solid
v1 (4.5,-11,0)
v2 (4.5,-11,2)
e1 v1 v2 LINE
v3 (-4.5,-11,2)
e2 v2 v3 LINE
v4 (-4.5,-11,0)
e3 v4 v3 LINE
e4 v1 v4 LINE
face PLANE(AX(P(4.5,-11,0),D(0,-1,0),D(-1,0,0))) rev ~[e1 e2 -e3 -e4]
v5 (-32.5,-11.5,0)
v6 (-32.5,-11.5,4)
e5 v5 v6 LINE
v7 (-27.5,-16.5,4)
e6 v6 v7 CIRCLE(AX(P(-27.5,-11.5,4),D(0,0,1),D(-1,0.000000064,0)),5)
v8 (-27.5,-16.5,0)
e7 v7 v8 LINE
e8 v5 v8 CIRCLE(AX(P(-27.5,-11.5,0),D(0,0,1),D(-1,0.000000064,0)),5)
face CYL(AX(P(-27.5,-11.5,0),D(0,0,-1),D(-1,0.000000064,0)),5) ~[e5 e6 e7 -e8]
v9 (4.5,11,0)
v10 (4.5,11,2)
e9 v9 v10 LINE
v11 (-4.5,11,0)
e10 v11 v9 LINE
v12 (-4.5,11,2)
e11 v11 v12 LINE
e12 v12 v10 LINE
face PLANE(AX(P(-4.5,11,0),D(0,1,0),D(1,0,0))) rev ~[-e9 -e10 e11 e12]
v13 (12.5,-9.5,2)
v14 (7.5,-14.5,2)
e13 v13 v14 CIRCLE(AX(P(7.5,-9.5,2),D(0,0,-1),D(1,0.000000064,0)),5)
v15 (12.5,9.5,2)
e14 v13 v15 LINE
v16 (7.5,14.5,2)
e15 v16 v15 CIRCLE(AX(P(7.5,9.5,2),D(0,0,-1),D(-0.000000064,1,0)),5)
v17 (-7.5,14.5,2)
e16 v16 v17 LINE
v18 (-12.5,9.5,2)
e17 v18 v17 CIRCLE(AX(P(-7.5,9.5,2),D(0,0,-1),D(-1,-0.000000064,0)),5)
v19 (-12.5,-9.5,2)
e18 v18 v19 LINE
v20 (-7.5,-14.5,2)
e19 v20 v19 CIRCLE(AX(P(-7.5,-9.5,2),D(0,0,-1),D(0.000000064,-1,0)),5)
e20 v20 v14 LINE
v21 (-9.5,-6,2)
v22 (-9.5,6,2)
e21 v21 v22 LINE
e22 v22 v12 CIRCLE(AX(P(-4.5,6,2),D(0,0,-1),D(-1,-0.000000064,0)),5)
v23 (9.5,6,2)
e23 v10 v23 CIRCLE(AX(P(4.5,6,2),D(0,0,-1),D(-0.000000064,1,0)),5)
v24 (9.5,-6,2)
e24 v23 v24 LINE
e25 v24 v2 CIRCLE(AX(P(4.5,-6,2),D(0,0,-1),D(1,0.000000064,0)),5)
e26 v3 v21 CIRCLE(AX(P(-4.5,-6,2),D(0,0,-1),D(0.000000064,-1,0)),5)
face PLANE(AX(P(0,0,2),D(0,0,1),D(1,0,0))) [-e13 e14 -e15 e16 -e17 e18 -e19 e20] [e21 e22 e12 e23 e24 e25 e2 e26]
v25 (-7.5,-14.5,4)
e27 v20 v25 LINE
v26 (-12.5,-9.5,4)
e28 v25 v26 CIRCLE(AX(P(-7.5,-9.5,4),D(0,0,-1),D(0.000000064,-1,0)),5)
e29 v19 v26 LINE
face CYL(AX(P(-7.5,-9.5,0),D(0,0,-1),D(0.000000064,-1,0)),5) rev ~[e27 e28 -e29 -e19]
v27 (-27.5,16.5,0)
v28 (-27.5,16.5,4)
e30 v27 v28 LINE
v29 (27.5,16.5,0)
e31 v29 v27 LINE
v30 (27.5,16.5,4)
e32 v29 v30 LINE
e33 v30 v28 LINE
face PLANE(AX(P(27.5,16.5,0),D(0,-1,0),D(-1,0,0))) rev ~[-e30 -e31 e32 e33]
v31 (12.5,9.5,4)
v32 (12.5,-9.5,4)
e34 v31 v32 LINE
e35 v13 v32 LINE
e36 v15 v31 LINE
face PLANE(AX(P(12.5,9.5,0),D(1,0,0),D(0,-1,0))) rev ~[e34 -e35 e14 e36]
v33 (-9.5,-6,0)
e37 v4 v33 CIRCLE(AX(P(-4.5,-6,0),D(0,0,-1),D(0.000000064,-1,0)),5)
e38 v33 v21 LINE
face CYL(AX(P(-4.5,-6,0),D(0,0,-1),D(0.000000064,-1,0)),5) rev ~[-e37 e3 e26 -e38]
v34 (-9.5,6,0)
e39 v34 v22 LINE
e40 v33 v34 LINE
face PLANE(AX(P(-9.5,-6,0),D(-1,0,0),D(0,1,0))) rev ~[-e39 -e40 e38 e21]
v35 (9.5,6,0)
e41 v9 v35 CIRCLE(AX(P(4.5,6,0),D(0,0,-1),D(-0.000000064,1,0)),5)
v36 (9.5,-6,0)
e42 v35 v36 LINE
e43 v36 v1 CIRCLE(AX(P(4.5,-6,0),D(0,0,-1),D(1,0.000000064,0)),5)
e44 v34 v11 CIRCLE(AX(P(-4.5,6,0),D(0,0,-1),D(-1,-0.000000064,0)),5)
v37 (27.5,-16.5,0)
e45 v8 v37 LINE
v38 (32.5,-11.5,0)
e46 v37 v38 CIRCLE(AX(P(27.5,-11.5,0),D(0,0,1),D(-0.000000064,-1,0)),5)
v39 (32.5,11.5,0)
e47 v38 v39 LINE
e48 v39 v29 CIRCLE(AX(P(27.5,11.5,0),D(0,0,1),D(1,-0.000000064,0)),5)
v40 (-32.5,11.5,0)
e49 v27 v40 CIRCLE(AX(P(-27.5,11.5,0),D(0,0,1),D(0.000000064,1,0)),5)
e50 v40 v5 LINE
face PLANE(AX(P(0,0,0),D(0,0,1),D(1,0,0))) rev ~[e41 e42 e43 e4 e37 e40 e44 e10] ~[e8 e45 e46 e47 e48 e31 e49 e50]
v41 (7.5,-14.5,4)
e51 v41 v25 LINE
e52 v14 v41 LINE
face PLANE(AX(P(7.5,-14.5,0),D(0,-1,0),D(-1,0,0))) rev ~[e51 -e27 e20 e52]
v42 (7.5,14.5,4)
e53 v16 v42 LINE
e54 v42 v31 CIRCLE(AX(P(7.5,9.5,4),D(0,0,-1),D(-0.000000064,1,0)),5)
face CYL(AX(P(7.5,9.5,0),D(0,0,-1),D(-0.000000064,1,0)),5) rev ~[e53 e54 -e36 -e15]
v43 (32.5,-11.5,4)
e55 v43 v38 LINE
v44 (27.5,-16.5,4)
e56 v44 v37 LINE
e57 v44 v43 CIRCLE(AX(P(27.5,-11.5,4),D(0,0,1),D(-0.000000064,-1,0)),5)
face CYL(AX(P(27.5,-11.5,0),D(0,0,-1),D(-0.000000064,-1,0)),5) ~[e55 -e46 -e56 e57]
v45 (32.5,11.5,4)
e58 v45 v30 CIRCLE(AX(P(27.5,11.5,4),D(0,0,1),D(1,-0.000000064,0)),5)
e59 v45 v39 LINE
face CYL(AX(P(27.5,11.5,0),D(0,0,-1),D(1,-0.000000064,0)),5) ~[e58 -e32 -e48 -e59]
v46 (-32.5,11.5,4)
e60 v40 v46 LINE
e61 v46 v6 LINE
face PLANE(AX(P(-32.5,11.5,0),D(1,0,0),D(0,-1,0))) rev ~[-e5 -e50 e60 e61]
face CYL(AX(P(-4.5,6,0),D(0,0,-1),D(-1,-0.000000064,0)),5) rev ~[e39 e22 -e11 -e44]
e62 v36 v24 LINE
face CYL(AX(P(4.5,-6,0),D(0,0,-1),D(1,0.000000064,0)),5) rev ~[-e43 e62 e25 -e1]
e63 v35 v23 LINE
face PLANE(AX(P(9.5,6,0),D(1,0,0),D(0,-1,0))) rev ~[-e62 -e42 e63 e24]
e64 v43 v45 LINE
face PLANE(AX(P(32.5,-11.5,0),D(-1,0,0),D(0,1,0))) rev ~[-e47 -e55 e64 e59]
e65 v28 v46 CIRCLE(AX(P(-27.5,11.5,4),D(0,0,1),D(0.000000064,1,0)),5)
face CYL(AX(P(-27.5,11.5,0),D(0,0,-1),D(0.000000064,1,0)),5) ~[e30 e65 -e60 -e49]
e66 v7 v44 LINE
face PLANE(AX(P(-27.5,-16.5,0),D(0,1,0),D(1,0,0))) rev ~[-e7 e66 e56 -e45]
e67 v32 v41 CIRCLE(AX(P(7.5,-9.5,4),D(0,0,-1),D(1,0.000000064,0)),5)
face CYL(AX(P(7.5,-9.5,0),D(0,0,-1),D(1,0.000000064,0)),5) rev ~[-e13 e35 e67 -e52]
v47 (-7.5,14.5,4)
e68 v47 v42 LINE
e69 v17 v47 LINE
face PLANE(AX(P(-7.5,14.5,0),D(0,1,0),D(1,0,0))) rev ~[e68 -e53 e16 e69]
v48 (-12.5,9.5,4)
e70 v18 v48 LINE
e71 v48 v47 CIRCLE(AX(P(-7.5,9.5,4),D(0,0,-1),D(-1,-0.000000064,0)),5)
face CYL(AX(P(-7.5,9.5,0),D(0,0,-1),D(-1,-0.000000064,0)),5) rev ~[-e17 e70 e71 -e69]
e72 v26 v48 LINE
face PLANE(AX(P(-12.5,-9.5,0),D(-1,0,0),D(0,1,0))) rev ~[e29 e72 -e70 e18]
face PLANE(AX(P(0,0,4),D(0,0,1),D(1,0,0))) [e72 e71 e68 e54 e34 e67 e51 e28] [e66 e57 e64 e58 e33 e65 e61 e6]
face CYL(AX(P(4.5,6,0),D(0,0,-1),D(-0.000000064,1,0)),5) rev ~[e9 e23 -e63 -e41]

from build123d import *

# Parameters (mm, degrees)
F1_DEPTH = 2
F2_DEPTH = 4


with BuildPart() as f1:
    # F0 (on Top) → F1 (new body)
    with BuildSketch(Plane.XY):
        with BuildLine():
            ThreePointArc((32.5, 11.5), (31.035534, 15.035534), (27.5, 16.5))
            Line((27.5, 16.5), (-27.5, 16.5))
            ThreePointArc((-27.5, 16.5), (-31.035534, 15.035534), (-32.5, 11.5))
            Line((-32.5, 11.5), (-32.5, -11.5))
            ThreePointArc((-32.5, -11.5), (-31.035534, -15.035534), (-27.5, -16.5))
            Line((-27.5, -16.5), (27.5, -16.5))
            ThreePointArc((27.5, -16.5), (31.035534, -15.035534), (32.5, -11.5))
            Line((32.5, -11.5), (32.5, 11.5))
        make_face()
        with BuildLine():
            Line((-7.5, 14.5), (7.5, 14.5))
            ThreePointArc((7.5, 14.5), (11.035534, 13.035534), (12.5, 9.5))
            Line((12.5, 9.5), (12.5, -9.5))
            ThreePointArc((12.5, -9.5), (11.035534, -13.035534), (7.5, -14.5))
            Line((7.5, -14.5), (-7.5, -14.5))
            ThreePointArc((-7.5, -14.5), (-11.035534, -13.035534), (-12.5, -9.5))
            Line((-12.5, -9.5), (-12.5, 9.5))
            ThreePointArc((-12.5, 9.5), (-11.035534, 13.035534), (-7.5, 14.5))
        make_face(mode=Mode.SUBTRACT)
        with BuildLine():
            ThreePointArc((12.5, 9.5), (11.035534, 13.035534), (7.5, 14.5))
            Line((7.5, 14.5), (-7.5, 14.5))
            ThreePointArc((-7.5, 14.5), (-11.035534, 13.035534), (-12.5, 9.5))
            Line((-12.5, 9.5), (-12.5, -9.5))
            ThreePointArc((-12.5, -9.5), (-11.035534, -13.035534), (-7.5, -14.5))
            Line((-7.5, -14.5), (7.5, -14.5))
            ThreePointArc((7.5, -14.5), (11.035534, -13.035534), (12.5, -9.5))
            Line((12.5, -9.5), (12.5, 9.5))
        make_face()
        with BuildLine():
            Line((-4.5, 11), (4.5, 11))
            ThreePointArc((4.5, 11), (8.035534, 9.535534), (9.5, 6))
            Line((9.5, 6), (9.5, -6))
            ThreePointArc((9.5, -6), (8.035534, -9.535534), (4.5, -11))
            Line((4.5, -11), (-4.5, -11))
            ThreePointArc((-4.5, -11), (-8.035534, -9.535534), (-9.5, -6))
            Line((-9.5, -6), (-9.5, 6))
            ThreePointArc((-9.5, 6), (-8.035534, 9.535534), (-4.5, 11))
        make_face(mode=Mode.SUBTRACT)
    extrude(amount=F1_DEPTH)

    # F0 (on Top) → F2 (join)
    with BuildSketch(Plane.XY):
        with BuildLine():
            ThreePointArc((32.5, 11.5), (31.035534, 15.035534), (27.5, 16.5))
            Line((27.5, 16.5), (-27.5, 16.5))
            ThreePointArc((-27.5, 16.5), (-31.035534, 15.035534), (-32.5, 11.5))
            Line((-32.5, 11.5), (-32.5, -11.5))
            ThreePointArc((-32.5, -11.5), (-31.035534, -15.035534), (-27.5, -16.5))
            Line((-27.5, -16.5), (27.5, -16.5))
            ThreePointArc((27.5, -16.5), (31.035534, -15.035534), (32.5, -11.5))
            Line((32.5, -11.5), (32.5, 11.5))
        make_face()
        with BuildLine():
            Line((-7.5, 14.5), (7.5, 14.5))
            ThreePointArc((7.5, 14.5), (11.035534, 13.035534), (12.5, 9.5))
            Line((12.5, 9.5), (12.5, -9.5))
            ThreePointArc((12.5, -9.5), (11.035534, -13.035534), (7.5, -14.5))
            Line((7.5, -14.5), (-7.5, -14.5))
            ThreePointArc((-7.5, -14.5), (-11.035534, -13.035534), (-12.5, -9.5))
            Line((-12.5, -9.5), (-12.5, 9.5))
            ThreePointArc((-12.5, 9.5), (-11.035534, 13.035534), (-7.5, 14.5))
        make_face(mode=Mode.SUBTRACT)
    extrude(amount=F2_DEPTH)


solid = f1.part
